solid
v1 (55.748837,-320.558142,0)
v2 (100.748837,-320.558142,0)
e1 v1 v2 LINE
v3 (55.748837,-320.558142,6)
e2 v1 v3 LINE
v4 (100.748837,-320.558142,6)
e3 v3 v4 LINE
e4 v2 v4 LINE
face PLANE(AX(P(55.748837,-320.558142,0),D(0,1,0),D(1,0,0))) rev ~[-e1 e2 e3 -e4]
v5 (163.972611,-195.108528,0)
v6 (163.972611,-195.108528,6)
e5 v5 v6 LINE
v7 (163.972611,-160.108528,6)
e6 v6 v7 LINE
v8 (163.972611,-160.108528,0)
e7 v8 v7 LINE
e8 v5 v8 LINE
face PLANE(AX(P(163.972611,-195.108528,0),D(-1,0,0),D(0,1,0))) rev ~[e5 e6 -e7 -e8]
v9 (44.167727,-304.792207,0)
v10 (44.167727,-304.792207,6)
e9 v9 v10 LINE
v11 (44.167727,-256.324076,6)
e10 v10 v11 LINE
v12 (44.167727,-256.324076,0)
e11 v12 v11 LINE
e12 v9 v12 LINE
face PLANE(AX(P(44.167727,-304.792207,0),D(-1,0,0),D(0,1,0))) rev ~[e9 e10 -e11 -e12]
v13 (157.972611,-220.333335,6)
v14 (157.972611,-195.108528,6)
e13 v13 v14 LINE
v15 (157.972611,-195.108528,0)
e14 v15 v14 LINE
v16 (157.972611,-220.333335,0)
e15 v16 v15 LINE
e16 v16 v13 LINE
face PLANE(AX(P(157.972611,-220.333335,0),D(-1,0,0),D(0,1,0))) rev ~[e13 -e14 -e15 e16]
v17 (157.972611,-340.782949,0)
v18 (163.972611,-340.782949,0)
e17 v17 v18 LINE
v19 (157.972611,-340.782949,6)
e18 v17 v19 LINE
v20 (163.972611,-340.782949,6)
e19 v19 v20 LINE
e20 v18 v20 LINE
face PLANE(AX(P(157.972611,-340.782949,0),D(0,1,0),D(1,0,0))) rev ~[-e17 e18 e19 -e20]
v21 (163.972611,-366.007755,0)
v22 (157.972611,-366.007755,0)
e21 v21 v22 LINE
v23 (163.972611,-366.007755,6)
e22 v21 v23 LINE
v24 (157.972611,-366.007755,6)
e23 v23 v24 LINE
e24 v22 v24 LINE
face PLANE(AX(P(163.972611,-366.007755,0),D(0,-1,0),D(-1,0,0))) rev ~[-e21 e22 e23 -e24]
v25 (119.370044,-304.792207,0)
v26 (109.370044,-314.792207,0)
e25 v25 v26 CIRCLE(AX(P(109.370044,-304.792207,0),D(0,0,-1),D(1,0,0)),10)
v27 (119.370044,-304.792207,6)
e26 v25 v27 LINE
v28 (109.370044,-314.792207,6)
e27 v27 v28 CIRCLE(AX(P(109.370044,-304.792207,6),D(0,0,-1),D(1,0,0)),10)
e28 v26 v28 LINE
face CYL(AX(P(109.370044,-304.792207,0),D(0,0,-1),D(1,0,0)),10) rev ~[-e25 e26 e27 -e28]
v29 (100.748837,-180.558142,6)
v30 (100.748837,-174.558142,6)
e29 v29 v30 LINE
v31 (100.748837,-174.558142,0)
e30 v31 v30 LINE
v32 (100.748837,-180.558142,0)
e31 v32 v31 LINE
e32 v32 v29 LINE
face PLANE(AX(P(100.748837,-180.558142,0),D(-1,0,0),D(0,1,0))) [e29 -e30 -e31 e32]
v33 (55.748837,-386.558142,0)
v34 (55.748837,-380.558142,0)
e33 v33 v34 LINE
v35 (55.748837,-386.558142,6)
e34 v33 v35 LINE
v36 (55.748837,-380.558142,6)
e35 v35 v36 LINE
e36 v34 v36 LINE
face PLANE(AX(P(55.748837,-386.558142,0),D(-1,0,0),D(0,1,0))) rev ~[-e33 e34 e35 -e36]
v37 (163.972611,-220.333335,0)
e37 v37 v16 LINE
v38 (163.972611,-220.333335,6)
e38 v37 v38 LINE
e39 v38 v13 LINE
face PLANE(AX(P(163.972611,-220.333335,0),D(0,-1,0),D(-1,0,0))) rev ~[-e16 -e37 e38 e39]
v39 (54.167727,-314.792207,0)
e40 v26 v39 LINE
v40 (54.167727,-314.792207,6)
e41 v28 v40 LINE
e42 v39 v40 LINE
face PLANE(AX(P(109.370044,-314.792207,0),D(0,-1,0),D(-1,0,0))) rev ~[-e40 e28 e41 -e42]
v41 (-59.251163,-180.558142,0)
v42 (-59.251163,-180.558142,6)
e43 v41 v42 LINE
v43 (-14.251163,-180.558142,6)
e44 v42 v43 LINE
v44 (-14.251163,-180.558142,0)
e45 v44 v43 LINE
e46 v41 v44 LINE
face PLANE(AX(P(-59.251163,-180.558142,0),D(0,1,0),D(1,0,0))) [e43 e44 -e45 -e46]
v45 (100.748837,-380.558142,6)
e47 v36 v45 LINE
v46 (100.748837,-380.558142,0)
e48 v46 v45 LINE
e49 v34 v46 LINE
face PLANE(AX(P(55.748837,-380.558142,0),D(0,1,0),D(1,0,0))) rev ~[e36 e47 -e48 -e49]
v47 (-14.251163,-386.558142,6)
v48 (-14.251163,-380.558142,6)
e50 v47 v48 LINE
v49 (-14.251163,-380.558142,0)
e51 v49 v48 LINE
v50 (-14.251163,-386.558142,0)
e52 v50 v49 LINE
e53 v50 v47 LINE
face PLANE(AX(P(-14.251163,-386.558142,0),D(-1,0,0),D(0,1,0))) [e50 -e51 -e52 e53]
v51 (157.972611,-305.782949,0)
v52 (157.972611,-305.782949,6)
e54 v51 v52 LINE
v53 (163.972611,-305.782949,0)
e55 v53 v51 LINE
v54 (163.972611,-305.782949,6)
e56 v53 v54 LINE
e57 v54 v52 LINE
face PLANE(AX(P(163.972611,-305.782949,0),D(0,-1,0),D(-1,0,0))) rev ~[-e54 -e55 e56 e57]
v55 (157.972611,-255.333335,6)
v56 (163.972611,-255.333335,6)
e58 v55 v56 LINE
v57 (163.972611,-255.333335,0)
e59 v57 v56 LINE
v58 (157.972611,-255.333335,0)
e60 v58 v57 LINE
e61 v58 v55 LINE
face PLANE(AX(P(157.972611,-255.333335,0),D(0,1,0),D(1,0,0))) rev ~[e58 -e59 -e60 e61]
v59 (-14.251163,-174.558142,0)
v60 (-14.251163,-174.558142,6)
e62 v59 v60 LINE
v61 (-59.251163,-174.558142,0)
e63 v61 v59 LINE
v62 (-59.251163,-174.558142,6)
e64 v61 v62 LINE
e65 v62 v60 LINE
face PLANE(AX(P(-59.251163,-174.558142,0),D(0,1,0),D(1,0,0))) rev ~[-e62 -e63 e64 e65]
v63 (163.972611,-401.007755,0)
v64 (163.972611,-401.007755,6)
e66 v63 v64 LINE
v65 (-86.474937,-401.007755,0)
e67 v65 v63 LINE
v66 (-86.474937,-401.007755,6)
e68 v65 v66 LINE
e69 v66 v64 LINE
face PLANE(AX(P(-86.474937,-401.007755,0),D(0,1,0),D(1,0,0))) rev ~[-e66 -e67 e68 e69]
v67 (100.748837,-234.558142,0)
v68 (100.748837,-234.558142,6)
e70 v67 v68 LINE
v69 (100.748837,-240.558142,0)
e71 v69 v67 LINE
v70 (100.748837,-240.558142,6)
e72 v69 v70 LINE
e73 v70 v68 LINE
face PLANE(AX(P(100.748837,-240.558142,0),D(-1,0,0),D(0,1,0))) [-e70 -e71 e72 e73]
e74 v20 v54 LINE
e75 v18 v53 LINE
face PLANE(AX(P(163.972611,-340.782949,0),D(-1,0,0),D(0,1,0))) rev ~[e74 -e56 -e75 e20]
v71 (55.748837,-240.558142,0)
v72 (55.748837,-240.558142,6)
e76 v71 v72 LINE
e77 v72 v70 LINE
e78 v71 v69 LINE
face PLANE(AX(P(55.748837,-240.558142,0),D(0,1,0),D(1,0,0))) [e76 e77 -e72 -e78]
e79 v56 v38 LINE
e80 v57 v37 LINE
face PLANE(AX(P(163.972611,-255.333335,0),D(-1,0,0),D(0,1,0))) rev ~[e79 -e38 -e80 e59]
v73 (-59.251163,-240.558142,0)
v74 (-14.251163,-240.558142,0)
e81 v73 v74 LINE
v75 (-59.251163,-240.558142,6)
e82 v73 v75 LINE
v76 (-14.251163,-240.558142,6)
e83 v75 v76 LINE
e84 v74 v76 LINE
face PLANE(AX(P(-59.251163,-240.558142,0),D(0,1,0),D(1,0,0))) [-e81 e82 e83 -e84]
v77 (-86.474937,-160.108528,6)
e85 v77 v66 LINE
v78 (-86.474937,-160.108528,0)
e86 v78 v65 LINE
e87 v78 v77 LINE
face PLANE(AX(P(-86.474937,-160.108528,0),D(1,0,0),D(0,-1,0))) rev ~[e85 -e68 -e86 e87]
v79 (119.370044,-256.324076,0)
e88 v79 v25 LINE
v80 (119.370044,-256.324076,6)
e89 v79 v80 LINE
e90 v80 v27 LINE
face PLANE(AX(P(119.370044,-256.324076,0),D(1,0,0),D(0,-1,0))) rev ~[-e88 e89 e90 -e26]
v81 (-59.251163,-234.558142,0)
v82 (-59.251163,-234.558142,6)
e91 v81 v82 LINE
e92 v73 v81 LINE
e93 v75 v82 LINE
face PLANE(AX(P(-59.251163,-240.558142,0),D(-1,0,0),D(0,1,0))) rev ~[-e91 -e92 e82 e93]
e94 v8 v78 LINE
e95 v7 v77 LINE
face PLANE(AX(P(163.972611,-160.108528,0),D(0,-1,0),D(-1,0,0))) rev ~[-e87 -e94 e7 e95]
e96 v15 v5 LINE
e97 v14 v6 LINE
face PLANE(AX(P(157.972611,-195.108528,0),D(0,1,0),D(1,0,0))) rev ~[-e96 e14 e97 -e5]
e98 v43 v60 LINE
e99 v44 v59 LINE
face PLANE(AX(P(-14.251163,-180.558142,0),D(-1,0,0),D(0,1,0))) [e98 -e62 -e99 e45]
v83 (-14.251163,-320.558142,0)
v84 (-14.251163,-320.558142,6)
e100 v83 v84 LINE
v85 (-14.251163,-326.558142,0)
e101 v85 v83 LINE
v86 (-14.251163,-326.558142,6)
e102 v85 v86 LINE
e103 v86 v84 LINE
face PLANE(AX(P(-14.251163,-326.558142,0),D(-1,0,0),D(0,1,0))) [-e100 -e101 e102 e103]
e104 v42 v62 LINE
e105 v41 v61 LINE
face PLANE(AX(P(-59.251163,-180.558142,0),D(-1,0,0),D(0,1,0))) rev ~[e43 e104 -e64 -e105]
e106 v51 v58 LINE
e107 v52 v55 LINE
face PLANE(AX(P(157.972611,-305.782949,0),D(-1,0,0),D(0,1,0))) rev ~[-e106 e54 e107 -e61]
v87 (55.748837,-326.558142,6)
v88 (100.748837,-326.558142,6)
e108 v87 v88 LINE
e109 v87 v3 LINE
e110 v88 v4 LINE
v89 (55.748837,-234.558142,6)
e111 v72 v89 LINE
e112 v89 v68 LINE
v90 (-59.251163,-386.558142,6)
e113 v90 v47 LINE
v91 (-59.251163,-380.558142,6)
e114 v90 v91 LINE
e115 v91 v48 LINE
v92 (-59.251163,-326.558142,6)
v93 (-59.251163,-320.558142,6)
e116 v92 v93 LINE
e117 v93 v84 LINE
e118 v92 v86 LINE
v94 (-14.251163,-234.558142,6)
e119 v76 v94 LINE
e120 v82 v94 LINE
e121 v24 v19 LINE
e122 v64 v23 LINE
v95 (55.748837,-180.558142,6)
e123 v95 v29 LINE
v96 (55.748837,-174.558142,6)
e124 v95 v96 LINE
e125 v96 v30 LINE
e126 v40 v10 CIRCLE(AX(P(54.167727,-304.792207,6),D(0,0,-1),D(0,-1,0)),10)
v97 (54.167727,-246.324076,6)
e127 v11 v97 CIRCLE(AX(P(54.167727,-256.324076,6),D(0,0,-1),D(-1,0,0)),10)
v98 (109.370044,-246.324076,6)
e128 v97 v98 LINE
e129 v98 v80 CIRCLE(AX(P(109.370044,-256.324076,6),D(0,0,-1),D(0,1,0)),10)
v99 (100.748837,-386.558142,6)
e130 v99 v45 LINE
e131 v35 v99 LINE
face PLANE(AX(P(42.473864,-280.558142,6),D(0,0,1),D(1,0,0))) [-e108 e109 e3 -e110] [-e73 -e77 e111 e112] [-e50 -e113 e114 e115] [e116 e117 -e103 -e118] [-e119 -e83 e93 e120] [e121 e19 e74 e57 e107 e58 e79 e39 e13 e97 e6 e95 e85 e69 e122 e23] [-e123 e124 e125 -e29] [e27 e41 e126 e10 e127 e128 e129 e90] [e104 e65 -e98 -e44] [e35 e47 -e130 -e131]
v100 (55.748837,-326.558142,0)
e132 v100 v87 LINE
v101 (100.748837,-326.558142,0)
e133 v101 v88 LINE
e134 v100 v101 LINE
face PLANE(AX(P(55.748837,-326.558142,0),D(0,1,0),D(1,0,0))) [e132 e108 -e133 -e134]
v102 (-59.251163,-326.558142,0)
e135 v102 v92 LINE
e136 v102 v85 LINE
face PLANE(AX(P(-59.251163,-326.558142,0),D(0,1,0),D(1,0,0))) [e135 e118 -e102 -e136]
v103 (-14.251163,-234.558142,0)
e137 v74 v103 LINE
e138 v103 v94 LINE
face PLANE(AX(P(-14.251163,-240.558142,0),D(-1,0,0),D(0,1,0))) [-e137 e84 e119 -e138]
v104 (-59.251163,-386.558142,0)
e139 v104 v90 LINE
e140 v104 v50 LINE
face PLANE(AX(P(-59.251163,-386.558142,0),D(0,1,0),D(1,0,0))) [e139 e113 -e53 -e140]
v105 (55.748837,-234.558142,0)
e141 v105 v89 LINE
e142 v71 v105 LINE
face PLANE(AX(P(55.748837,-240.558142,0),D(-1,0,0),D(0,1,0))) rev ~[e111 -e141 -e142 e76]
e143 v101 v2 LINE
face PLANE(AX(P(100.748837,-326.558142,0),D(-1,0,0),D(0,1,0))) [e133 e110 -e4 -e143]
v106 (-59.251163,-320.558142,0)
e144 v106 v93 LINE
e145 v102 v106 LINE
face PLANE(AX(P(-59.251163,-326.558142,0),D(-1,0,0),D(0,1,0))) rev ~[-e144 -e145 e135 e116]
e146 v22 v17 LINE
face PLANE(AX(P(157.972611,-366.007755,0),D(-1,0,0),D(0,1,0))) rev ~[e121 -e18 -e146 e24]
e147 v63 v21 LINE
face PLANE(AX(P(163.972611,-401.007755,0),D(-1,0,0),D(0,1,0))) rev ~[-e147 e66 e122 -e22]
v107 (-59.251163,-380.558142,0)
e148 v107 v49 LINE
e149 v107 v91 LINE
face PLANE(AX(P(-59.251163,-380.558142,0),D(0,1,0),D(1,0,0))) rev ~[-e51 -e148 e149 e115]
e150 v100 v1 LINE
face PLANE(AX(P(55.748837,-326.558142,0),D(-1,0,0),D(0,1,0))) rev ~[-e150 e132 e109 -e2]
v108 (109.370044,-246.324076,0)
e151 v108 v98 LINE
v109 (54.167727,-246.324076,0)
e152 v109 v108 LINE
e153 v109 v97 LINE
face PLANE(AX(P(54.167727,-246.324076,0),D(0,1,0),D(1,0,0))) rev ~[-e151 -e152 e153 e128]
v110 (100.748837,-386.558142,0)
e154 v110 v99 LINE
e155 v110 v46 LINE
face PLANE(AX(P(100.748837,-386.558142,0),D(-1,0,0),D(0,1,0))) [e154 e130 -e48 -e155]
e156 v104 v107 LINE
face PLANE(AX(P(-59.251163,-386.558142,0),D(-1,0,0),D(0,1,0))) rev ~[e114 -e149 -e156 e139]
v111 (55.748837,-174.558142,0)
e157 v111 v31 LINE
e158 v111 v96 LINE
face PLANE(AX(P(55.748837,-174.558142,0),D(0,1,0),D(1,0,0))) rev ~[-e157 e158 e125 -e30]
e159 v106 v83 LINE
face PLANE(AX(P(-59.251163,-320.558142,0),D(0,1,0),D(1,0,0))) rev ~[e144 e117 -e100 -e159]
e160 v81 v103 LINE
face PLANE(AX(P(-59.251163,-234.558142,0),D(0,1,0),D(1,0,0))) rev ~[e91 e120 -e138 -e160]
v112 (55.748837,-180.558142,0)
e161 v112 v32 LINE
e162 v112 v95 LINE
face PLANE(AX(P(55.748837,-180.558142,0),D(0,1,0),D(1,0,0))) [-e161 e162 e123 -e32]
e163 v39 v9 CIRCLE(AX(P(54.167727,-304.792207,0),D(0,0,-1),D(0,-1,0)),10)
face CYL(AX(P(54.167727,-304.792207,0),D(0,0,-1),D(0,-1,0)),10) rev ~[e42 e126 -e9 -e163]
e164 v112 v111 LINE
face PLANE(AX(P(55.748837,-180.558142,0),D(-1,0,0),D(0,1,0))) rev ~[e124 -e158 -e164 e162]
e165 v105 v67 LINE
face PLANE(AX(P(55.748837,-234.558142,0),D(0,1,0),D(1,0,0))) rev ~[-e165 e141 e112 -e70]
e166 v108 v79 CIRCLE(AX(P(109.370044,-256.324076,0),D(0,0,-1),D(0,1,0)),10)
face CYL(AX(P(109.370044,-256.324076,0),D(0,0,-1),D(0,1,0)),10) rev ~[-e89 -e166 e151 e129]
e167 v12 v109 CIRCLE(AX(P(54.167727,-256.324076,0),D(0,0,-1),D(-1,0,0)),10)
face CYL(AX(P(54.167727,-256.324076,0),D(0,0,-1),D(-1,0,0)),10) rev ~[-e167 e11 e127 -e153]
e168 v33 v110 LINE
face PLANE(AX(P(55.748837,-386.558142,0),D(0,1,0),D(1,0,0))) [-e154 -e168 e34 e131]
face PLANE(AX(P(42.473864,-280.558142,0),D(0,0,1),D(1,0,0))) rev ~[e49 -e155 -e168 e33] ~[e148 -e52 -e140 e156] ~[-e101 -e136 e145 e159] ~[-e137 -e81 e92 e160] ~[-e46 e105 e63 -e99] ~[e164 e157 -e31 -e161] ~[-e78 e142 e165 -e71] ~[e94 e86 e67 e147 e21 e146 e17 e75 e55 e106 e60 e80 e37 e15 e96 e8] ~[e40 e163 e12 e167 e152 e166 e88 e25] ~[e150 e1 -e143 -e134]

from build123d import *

# Parameters (mm, degrees)
SKETCH1_W           = 45
SKETCH1_H           = 6
BOSS_EXTRUDE1_DEPTH = 6


with BuildPart() as part:
    # Sketch1 → Boss-Extrude1 (new body)
    with BuildSketch(Plane.XY):
        Polygon((127.972610893, -160.108528092), (-86.474936563, -160.108528092), (-86.474936563, -401.007755411), (127.972610893, -401.007755411), (157.972610893, -401.007755411), (163.972610893, -401.007755411), (163.972610893, -366.007755411), (157.972610893, -366.007755411), (157.972610893, -340.782948582), (163.972610893, -340.782948582), (163.972610893, -305.782948582), (157.972610893, -305.782948582), (157.972610893, -255.333334922), (163.972610893, -255.333334922), (163.972610893, -220.333334922), (157.972610893, -220.333334922), (157.972610893, -195.108528092), (163.972610893, -195.108528092), (163.972610893, -160.108528092), (157.972610893, -160.108528092), align=None)
        with Locations((-36.751162835, -237.558141752)):
            Rectangle(SKETCH1_W, SKETCH1_H, mode=Mode.SUBTRACT)
        with Locations((78.248837165, -237.558141752)):
            Rectangle(SKETCH1_W, SKETCH1_H, mode=Mode.SUBTRACT)
        with Locations((-36.751162835, -177.558141752)):
            Rectangle(SKETCH1_W, SKETCH1_H, mode=Mode.SUBTRACT)
        with Locations((78.248837165, -177.558141752)):
            Rectangle(SKETCH1_W, SKETCH1_H, mode=Mode.SUBTRACT)
        with Locations((-36.751162835, -383.558141752)):
            Rectangle(SKETCH1_W, SKETCH1_H, mode=Mode.SUBTRACT)
        with Locations((78.248837165, -383.558141752)):
            Rectangle(SKETCH1_W, SKETCH1_H, mode=Mode.SUBTRACT)
        with Locations((78.248837165, -323.558141752)):
            Rectangle(SKETCH1_W, SKETCH1_H, mode=Mode.SUBTRACT)
        with Locations((-36.751162835, -323.558141752)):
            Rectangle(SKETCH1_W, SKETCH1_H, mode=Mode.SUBTRACT)
        with BuildLine():
            Line((54.167727184, -246.324076289), (109.370044405, -246.324076289))
            ThreePointArc((109.370044405, -246.324076289), (116.441112216, -249.253008477), (119.370044405, -256.324076289))
            Line((119.370044405, -256.324076289), (119.370044405, -304.792207215))
            ThreePointArc((119.370044405, -304.792207215), (116.441112216, -311.863275027), (109.370044405, -314.792207215))
            Line((109.370044405, -314.792207215), (54.167727184, -314.792207215))
            ThreePointArc((54.167727184, -314.792207215), (47.096659372, -311.863275027), (44.167727184, -304.792207215))
            Line((44.167727184, -304.792207215), (44.167727184, -256.324076289))
            ThreePointArc((44.167727184, -256.324076289), (47.096659372, -249.253008477), (54.167727184, -246.324076289))
        make_face(mode=Mode.SUBTRACT)
    extrude(amount=BOSS_EXTRUDE1_DEPTH)


solid = part.part
